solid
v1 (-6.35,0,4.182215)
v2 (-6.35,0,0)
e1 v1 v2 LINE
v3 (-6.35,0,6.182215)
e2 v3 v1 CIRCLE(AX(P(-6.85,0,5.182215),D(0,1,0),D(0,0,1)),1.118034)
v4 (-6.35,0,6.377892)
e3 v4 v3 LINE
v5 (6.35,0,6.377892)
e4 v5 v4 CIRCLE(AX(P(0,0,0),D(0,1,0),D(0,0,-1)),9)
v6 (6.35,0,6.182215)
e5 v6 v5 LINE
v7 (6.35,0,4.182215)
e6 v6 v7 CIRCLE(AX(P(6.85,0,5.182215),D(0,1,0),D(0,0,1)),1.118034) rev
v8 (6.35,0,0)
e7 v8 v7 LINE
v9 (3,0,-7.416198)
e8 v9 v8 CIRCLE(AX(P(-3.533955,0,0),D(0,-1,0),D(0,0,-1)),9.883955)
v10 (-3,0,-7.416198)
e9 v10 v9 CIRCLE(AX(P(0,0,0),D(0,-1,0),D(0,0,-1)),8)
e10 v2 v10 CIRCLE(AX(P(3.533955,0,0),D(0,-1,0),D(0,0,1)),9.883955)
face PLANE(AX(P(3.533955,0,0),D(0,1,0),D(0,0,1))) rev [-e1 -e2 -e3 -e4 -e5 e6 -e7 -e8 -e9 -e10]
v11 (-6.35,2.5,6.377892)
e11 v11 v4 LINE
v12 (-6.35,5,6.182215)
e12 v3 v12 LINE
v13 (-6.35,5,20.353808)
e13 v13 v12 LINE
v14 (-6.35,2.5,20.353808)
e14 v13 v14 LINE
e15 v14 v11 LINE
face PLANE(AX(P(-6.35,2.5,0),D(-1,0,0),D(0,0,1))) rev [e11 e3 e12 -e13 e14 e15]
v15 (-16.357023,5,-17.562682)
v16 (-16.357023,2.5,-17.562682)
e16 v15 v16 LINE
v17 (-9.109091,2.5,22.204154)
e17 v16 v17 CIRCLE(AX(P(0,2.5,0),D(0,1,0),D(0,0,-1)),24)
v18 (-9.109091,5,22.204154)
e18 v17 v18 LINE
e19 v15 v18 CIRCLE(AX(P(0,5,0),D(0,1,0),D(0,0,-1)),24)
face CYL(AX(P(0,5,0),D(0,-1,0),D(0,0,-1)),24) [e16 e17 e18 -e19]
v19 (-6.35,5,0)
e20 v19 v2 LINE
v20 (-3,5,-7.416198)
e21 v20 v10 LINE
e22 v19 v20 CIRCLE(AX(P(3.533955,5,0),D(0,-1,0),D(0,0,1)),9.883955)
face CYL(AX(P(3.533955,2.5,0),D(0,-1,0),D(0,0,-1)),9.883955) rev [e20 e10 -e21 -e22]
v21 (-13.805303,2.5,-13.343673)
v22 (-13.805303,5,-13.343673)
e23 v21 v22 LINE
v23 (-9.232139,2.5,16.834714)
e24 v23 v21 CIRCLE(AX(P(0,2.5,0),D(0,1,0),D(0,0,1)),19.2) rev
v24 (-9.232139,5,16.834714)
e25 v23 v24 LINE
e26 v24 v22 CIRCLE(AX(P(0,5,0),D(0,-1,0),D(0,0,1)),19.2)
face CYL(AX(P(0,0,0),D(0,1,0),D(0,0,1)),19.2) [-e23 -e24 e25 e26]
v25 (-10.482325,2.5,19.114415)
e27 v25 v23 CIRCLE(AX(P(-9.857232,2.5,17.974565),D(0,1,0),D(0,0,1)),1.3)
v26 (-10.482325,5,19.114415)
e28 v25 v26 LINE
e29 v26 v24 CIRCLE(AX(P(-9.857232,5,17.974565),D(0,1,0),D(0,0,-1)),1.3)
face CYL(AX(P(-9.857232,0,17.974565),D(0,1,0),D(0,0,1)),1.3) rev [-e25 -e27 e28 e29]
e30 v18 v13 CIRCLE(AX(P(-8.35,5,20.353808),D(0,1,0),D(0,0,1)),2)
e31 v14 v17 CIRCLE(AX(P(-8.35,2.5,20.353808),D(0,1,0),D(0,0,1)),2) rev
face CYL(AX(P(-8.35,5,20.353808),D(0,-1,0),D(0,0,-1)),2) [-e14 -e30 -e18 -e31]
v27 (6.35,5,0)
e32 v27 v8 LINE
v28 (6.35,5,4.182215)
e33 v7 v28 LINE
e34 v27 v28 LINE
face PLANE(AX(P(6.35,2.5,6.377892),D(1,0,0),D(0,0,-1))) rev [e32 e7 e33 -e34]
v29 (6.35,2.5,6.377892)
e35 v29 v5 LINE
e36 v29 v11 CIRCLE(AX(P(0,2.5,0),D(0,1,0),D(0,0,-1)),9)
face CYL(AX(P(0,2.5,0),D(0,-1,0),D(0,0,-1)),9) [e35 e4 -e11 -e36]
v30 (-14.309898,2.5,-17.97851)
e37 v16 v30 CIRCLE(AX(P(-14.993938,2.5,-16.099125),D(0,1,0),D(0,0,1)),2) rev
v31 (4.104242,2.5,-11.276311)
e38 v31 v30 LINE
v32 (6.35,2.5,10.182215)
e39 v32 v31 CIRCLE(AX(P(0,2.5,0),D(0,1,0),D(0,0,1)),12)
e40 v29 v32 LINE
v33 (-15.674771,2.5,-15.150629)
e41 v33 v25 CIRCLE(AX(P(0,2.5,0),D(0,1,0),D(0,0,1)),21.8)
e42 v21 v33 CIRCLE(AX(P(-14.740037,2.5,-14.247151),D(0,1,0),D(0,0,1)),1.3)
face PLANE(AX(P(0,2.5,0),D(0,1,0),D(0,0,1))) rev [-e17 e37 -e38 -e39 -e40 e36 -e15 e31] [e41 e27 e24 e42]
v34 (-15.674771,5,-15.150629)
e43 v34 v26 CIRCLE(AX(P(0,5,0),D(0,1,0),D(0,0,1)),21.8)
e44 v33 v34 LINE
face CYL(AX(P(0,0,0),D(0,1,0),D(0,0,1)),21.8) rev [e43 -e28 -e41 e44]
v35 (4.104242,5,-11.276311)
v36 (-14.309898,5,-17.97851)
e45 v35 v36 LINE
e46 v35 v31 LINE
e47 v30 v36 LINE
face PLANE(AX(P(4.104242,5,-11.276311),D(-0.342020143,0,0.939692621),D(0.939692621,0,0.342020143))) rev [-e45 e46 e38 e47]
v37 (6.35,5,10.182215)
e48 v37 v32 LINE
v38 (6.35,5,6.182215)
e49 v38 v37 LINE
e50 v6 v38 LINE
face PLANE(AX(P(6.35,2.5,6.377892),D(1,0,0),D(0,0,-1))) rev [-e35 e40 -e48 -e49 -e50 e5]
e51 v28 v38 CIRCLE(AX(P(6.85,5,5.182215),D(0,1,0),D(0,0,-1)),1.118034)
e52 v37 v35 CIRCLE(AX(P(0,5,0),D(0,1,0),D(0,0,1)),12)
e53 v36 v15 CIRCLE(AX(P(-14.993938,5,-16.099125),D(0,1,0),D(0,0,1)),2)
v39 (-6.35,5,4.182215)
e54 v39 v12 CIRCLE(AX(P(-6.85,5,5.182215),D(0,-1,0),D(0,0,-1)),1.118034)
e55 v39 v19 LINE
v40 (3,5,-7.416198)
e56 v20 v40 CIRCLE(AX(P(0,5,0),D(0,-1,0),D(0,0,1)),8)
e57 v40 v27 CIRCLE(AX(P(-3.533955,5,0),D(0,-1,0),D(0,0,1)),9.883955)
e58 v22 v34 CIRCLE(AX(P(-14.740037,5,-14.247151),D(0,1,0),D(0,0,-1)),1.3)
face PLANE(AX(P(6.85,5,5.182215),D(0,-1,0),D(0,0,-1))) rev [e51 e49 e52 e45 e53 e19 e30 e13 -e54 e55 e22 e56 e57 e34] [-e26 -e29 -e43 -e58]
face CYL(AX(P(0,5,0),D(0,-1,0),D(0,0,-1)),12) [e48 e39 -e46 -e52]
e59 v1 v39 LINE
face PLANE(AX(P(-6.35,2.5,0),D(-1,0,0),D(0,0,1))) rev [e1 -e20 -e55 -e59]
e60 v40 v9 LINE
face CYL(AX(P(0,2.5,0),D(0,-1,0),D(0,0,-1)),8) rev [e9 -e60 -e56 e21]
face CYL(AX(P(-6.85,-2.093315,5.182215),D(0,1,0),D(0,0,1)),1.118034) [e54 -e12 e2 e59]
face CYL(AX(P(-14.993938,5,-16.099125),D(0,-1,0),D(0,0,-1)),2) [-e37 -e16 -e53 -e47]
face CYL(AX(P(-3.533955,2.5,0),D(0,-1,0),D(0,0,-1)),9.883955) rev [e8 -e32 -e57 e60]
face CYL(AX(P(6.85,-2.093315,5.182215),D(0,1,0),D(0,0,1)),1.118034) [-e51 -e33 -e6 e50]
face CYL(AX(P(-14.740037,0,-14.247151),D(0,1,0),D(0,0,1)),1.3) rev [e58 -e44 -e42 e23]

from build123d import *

# Parameters (mm, degrees)
BOSS_EXTRUDE1_DEPTH = 2.5
BOSS_EXTRUDE2_DEPTH = 2.5
FILLET1_R           = 2
CUT_EXTRUDE1_DEPTH  = 34.176689588
BOSS_EXTRUDE3_DEPTH = 5


with BuildPart() as part:
    # Sketch1 → Boss-Extrude1 (new body)
    with BuildSketch(Plane(origin=(0, 0, 0), x_dir=(1, 0, 0), z_dir=(0, 1, 0))):
        with BuildLine():
            Line((-6.35, 0), (-6.35, -6.377891501))
            ThreePointArc((-6.35, -6.377891501), (0, 9), (6.35, -6.377891501))
            Line((6.35, -6.377891501), (6.35, 0))
            ThreePointArc((6.35, 0), (5.473649667, 4.068860406), (3, 7.416198487))
            ThreePointArc((3, 7.416198487), (0, 8), (-3, 7.416198487))
            ThreePointArc((-3, 7.416198487), (-5.473649667, 4.068860406), (-6.35, 0))
        make_face()
    extrude(amount=BOSS_EXTRUDE1_DEPTH)



with BuildPart() as body_2:
    # Sketch2 → Boss-Extrude2 (new body)
    with BuildSketch(Plane(origin=(0, 2.5, 0), x_dir=(1, 0, 0), z_dir=(0, 1, 0))):
        with BuildLine():
            Line((4.10424172, 11.276311449), (-15.426902632, 18.385066635))
            ThreePointArc((-15.426902632, 18.385066635), (-23.446511758, -5.124557191), (-6.35, -23.144707818))
            Line((-6.35, -23.144707818), (-6.35, -6.377891501))
            Line((-6.35, -6.377891501), (-6.35, 0))
            ThreePointArc((-6.35, 0), (-5.473649667, 4.068860406), (-3, 7.416198487))
            ThreePointArc((-3, 7.416198487), (0, 8), (3, 7.416198487))
            ThreePointArc((3, 7.416198487), (5.473649667, 4.068860406), (6.35, 0))
            Line((6.35, 0), (6.35, -10.182214887))
            ThreePointArc((6.35, -10.182214887), (11.934817997, 1.249047391), (4.10424172, 11.276311449))
        make_face()
    extrude(amount=BOSS_EXTRUDE2_DEPTH)

    # Fillet1
    fillet1_edges = [body_2.edges().sort_by_distance(p)[0] for p in [
        (-6.35, 3.75, 23.144707818),
        (-15.426902632, 3.75, -18.385066635),
    ]]
    fillet(fillet1_edges, radius=FILLET1_R)

    # Sketch3 → Cut-Extrude1 (cut, through all)
    with BuildSketch(Plane(origin=(0, 5, 0), x_dir=(1, 0, 0), z_dir=(0, 1, 0))):
        with BuildLine():
            ThreePointArc((-9.23213936, -16.834714219), (-8.717381687, -18.59965743), (-10.482324898, -19.114415103))
            ThreePointArc((-10.482324898, -19.114415103), (-21.553925967, -3.266232604), (-15.674771193, 15.150628635))
            ThreePointArc((-15.674771193, 15.150628635), (-13.836559277, 15.181884843), (-13.805303069, 13.343672927))
            ThreePointArc((-13.805303069, 13.343672927), (-18.983274246, -2.876681926), (-9.23213936, -16.834714219))
        make_face()
    extrude(amount=-CUT_EXTRUDE1_DEPTH, mode=Mode.SUBTRACT)


with BuildPart() as part_1:
    add(part.part)

    add(body_2.part)  # Boss-Extrude3 merges body 2
    # Sketch6 → Boss-Extrude3 (add)
    with BuildSketch(Plane(origin=(0, 5, 0), x_dir=(1, 0, 0), z_dir=(0, 1, 0))):
        with BuildLine():
            Line((6.35, -6.182214887), (6.35, -4.182214887))
            ThreePointArc((6.35, -4.182214887), (5.731966011, -5.182214887), (6.35, -6.182214887))
        make_face()
    boss_extrude3 = extrude(amount=-BOSS_EXTRUDE3_DEPTH)

    # Mirror1: Boss-Extrude3 across plane
    add(boss_extrude3.mirror(Plane(origin=(0, 0, 0), x_dir=(0, 0, 1), z_dir=(1, 0, 0))))


solid = part_1.part
